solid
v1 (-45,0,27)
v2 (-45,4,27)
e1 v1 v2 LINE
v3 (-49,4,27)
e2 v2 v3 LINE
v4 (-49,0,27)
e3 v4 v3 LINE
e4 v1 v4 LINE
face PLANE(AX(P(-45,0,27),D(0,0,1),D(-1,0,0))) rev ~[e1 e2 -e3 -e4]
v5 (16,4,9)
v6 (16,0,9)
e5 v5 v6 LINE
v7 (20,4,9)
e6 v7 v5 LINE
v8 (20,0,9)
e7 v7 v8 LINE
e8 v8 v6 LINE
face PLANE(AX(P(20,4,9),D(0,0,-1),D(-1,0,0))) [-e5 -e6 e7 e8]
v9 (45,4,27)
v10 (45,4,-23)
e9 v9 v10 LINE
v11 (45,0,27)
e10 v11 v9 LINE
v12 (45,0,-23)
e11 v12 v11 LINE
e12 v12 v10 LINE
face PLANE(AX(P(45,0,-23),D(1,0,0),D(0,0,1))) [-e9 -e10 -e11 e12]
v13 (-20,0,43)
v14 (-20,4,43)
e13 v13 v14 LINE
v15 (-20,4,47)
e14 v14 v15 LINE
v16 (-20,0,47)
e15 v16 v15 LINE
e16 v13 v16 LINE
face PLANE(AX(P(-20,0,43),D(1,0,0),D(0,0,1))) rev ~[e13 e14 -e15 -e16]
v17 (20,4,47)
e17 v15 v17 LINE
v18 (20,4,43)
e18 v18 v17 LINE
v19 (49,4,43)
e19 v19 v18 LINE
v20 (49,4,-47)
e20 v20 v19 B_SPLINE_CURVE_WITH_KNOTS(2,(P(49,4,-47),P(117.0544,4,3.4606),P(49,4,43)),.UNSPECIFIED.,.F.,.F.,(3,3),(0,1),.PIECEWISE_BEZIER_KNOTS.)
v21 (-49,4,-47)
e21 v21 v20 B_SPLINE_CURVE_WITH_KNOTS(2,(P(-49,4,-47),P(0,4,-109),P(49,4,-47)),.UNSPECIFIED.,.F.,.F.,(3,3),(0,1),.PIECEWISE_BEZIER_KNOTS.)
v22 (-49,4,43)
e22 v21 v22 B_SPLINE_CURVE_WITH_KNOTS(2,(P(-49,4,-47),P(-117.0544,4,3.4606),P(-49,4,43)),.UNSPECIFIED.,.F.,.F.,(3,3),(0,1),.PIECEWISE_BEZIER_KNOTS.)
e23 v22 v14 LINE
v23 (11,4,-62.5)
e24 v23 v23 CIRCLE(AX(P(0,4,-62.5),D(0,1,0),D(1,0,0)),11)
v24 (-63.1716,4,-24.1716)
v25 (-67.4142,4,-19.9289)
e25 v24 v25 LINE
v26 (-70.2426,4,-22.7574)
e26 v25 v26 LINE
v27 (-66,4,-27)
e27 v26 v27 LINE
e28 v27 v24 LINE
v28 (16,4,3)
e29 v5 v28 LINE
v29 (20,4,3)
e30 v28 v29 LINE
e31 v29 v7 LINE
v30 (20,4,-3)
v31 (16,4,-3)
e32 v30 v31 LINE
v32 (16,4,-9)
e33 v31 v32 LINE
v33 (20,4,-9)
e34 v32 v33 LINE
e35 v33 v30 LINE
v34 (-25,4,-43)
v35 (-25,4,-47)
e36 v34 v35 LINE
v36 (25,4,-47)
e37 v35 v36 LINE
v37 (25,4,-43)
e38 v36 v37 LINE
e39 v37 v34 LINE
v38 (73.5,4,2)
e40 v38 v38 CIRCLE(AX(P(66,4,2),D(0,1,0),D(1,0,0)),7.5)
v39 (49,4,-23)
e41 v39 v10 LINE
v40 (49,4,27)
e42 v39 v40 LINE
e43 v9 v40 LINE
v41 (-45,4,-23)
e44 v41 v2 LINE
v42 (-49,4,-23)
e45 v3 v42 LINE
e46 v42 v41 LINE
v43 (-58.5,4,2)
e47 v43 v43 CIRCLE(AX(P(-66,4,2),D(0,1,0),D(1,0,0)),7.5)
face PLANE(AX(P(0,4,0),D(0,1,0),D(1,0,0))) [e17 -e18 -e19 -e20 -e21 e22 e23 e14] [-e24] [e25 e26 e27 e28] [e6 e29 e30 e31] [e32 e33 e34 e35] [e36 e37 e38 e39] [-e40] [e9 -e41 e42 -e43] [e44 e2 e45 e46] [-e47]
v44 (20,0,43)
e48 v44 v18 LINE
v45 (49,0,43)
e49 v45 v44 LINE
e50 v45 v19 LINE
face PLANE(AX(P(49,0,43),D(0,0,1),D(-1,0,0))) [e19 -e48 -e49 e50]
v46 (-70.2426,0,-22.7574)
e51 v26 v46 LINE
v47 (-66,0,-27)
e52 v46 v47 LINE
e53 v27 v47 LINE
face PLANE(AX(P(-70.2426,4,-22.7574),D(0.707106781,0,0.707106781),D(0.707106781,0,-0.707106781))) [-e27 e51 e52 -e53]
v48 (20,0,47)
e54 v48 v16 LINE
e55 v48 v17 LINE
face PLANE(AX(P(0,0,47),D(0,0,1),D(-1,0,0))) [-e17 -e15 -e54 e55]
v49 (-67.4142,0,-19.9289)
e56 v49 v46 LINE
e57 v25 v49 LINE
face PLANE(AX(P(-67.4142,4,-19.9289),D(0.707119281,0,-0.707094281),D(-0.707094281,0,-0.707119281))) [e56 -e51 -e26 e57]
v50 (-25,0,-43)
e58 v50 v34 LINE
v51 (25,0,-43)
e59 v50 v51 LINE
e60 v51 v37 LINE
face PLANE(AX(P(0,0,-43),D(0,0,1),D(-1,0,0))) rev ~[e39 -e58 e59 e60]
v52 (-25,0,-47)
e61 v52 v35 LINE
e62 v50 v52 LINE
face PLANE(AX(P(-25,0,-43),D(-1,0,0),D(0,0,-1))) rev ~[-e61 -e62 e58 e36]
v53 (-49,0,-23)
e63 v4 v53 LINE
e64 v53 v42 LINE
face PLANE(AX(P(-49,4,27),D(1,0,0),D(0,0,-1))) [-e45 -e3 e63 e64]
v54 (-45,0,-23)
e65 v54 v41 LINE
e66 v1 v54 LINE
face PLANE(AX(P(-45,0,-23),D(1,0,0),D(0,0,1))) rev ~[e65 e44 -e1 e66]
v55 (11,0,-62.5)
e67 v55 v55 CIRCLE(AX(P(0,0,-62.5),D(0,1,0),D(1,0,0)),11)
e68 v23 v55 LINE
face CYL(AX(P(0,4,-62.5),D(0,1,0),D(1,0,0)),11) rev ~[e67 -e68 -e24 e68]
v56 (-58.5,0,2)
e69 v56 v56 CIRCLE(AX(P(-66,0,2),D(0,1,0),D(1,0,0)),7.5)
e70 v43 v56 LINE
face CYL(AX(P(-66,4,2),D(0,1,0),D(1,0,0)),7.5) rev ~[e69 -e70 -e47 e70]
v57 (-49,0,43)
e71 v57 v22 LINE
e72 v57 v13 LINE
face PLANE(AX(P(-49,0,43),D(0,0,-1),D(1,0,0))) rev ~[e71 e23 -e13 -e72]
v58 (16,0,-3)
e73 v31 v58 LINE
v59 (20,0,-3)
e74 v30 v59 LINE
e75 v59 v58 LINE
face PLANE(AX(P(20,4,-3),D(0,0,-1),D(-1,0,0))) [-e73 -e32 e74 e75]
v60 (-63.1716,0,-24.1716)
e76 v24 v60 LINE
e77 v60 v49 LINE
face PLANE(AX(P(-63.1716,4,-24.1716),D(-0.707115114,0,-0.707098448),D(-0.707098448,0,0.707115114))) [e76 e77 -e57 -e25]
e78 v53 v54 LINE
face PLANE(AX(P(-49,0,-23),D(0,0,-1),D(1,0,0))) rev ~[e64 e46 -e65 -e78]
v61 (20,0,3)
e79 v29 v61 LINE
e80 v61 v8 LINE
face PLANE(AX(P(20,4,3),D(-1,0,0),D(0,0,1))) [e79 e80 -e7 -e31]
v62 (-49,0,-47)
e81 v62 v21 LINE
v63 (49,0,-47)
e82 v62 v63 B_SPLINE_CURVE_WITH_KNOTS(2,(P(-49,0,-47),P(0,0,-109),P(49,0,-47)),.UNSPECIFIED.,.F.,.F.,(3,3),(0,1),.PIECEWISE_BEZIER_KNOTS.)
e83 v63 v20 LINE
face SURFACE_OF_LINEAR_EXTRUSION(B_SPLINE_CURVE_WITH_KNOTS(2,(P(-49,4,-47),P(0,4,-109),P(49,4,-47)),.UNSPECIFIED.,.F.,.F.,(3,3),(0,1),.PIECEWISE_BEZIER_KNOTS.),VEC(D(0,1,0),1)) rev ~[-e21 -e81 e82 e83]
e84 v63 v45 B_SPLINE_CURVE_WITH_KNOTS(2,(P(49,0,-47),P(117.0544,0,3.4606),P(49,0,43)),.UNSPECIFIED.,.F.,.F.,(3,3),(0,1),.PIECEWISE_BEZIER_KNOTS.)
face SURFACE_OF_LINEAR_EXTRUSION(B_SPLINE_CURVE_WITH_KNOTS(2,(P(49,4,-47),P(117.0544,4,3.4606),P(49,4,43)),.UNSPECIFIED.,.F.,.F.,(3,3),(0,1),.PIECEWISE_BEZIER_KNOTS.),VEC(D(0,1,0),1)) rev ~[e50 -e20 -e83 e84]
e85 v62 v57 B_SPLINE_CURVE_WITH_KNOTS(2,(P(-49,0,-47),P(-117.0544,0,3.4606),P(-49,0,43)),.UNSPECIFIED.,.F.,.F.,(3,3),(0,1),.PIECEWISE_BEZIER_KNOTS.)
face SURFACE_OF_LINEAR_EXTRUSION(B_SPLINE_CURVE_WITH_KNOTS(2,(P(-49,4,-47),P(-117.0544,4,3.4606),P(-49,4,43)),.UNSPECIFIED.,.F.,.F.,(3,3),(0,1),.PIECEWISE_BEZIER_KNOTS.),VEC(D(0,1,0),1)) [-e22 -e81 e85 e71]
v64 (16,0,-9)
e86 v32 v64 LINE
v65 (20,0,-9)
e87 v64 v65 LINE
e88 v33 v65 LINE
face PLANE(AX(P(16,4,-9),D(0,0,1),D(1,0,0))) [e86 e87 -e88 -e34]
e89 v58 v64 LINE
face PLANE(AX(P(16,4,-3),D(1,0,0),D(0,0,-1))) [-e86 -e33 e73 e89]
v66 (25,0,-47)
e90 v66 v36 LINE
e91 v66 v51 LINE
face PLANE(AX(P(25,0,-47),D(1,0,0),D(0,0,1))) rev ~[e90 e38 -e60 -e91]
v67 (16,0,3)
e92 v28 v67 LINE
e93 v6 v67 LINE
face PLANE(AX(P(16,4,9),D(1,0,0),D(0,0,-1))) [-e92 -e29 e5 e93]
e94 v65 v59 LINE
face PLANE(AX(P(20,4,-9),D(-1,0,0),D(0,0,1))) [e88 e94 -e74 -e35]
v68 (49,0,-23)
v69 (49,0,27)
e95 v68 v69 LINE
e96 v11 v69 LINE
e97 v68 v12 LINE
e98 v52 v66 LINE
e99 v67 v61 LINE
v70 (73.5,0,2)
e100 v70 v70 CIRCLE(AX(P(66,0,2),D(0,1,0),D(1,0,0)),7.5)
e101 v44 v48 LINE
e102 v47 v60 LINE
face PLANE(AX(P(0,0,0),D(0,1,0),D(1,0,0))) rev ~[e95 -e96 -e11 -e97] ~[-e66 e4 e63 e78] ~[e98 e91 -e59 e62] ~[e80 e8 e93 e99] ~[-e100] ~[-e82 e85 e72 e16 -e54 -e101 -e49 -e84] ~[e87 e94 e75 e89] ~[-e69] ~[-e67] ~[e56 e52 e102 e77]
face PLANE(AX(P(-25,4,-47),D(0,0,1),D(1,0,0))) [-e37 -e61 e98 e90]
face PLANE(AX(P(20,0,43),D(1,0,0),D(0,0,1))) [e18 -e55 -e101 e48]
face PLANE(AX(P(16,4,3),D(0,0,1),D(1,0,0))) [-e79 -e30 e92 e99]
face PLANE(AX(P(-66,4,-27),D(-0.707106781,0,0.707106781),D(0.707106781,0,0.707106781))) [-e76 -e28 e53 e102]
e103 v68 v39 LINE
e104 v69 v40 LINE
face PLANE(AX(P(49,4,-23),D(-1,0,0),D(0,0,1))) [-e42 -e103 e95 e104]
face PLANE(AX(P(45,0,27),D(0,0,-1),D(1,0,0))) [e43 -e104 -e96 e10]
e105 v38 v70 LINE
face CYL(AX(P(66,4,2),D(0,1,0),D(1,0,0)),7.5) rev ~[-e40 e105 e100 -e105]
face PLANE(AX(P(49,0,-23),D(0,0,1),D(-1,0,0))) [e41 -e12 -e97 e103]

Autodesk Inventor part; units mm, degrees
ref_plane "YZ Plane" through (0, 0, 0) normal (1, 0, 0) x (0, 1, 0)
ref_plane "XZ Plane" through (0, 0, 0) normal (0, 1, 0) x (-1, 0, 0)
ref_plane "XY Plane" through (0, 0, 0) normal (0, 0, 1) x (1, 0, 0)
sketch "Sketch2" plane through (0, 0, 0) normal (0, 1, 0) x (-1, 0, 0)
  line L0 (-49, 47) -> (-20, 47) construction
  line L1 (49, 47) -> (49, -47) construction
  line L2 (49, -47) -> (-49, -47)
  line L3 (-49, -47) -> (-49, 47) construction
  line L4 (-49, 47) -> (49, -47) construction
  line L5 (49, 47) -> (-49, -47) construction
  line L6 (49, -23) -> (45, -23)
  line L7 (45, -23) -> (45, 27)
  line L8 (45, 27) -> (49, 27)
  line L9 (49, 27) -> (49, -23)
  line L10 (-49, -23) -> (-45, -23)
  line L11 (-45, -23) -> (-45, 27)
  line L12 (-45, 27) -> (-49, 27)
  line L13 (-49, 27) -> (-49, -23)
  line L14 (25, -47) -> (-25, -47)
  line L15 (-25, -47) -> (-25, -43)
  line L16 (-25, -43) -> (25, -43)
  line L17 (25, -43) -> (25, -47)
  line L18 (0, -47) -> (0, 47)
  line L19 (49, 0) -> (-49, 0)
  line L20 (49, 2) -> (-45, 2) construction
  line L21 (20, 47) -> (0, 47) construction
  line L22 (-20, 47) -> (-20, 51) construction
  line L23 (-20, 51) -> (20, 51) construction
  line L24 (20, 51) -> (20, 47) construction
  line L25 (-20, 47) -> (20, 47)
  line L26 (0, 47) -> (-20, 47) construction
  line L27 (20, 47) -> (49, 47) construction
  line L28 (49, 43) -> (20, 43)
  line L29 (20, 43) -> (20, 47)
  line L30 (-49, 43) -> (-20, 43)
  line L31 (-20, 43) -> (-20, 47)
  line L32 (49, 43) -> (49, 27)
  line L33 (-49, 43) -> (-49, 27)
  line L34 (-49, -23) -> (-49, -47)
  line L35 (49, -23) -> (49, -47)
  point P0 (0, 0)
  point P1 (49, 27)
  point P2 (-49, 27)
  point P3 (0, 0)
  point P4 (0, 0)
  dimension "d7" = 98
  dimension "d8" = 94
  dimension "d5" = 4
  dimension "d6" = 50
  dimension "d3" = 4
  dimension "d4" = 50
  dimension "d1" = 50
  dimension "d2" = 4
  dimension "d0" = 2
  dimension "d27" = 4
  dimension "d28" = 40
  dimension "d31" = 4
extrude "Extrusion1" add sketch "Sketch2" along normal blind 4 contours L2 L17 L16 L18 L19 L7 L6 L35 | L2 L34 L10 L11 L19 L18 L16 L15 | L19 L18 L25 L29 L28 L32 L8 L7 | L19 L11 L12 L33 L30 L31 L25 L18
sketch "Sketch3" plane through (0, 4, 0) normal (0, 1, 0) x (1, 0, 0)
  circle A0 centre (0, 62.5) radius 11
  spline S0 degree 2 poles (-49, 47) (0, 109) (49, 47) knots 0 0 0 1 1 1
  circle A1 centre (66, -2) radius 7.5
  spline S1 degree 2 poles (49, 47) (117.0544, -3.4606) (49, -43) knots 0 0 0 1 1 1
  line L0 (0, 43) -> (0, -53.479) construction
  circle A2 centre (-66, -2) radius 7.5
  spline S2 degree 2 poles (-49, 47) (-117.0544, -3.4606) (-49, -43) knots 0 0 0 1 1 1
  line L1 (-66, 27) -> (-63.1716, 24.1716)
  line L2 (-63.1716, 24.1716) -> (-67.4142, 19.9289)
  line L3 (-67.4142, 19.9289) -> (-70.2426, 22.7574)
  line L4 (-70.2426, 22.7574) -> (-66, 27)
  line L5 (-20, -47) -> (-20, -51)
  line L6 (-20, -51) -> (20, -51)
  line L7 (20, -51) -> (20, -47)
  line L8 (49, 47) -> (25, 47) construction
  line L9 (25, 47) -> (25, 43) projected
  line L10 (25, 43) -> (-25, 43) projected
  line L11 (-25, 43) -> (-25, 47) projected
  line L12 (-25, 47) -> (-49, 47) construction
  line L13 (-49, 47) -> (-49, 23) construction
  line L14 (-49, 23) -> (-45, 23) projected
  line L15 (-45, 23) -> (-45, -27) projected
  line L16 (-45, -27) -> (-49, -27) projected
  line L17 (-49, -27) -> (-49, -43) construction
  line L18 (-49, -43) -> (-20, -43) projected
  line L19 (-20, -43) -> (-20, -47) projected
  line L20 (-20, -47) -> (20, -47) projected
  line L21 (20, -47) -> (20, -43) projected
  line L22 (20, -43) -> (49, -43) projected
  line L23 (49, -43) -> (49, -27) construction
  line L24 (49, -27) -> (45, -27) projected
  line L25 (45, -27) -> (45, 23) projected
  line L26 (45, 23) -> (49, 23) projected
  line L27 (49, 23) -> (49, 47) construction
  line L28 (-25, 43) -> (-25, 47) projected
  line L29 (-25, 47) -> (25, 47)
  line L30 (49, 23) -> (49, -27)
  line L31 (-49, 47) -> (-49, 23) construction
  line L32 (-49, -27) -> (-49, 23)
  line L33 (-45, 23) -> (-45, -27) construction
  line L34 (-45, -2) -> (45, -2) construction
  point P0 (0, 0)
  point P1 (0, 78)
  point P2 (83, -2)
  point P3 (-83, -2)
  point P4 (-49, -2)
  dimension "d12" = 22
  dimension "d14" = 15.5
  dimension "d18" = 15
  dimension "d19" = 17
  dimension "d21" = 6
  dimension "d22" = 4
  dimension "d29" = 20
  dimension "d33" = 15.5
  dimension "d34" = 17
  dimension "d35" = 4
  dimension "d36" = 45
  dimension "d37" = 17
extrude "Extrusion2" add sketch "Sketch3" against normal blind 4 contours S0 S1 L22 L21 L20 L19 L18 S2
sketch "Sketch4" plane through (0, 4, 0) normal (0, 1, 0) x (1, 0, 0)
  line L0 (16, 9) -> (20, 9)
  line L1 (20, 9) -> (20, 3)
  line L2 (20, 3) -> (16, 3)
  line L3 (16, 3) -> (16, 9)
  line L4 (16, -3) -> (20, -3)
  line L5 (20, -3) -> (20, -9)
  line L6 (20, -9) -> (16, -9)
  line L7 (16, -9) -> (16, -3)
  line L8 (-163.8761, 0) -> (163.8761, 0) projected
  line L9 (45, -27) -> (45, 23) projected
  point P0 (0, 0)
  dimension "d42" = 6
  dimension "d43" = 4
  dimension "d44" = 6
  dimension "d45" = 25
extrude "Extrusion3" cut sketch "Sketch4" against normal through all
properties part number "CarBottom_V3" material "Wood (Oak)"
